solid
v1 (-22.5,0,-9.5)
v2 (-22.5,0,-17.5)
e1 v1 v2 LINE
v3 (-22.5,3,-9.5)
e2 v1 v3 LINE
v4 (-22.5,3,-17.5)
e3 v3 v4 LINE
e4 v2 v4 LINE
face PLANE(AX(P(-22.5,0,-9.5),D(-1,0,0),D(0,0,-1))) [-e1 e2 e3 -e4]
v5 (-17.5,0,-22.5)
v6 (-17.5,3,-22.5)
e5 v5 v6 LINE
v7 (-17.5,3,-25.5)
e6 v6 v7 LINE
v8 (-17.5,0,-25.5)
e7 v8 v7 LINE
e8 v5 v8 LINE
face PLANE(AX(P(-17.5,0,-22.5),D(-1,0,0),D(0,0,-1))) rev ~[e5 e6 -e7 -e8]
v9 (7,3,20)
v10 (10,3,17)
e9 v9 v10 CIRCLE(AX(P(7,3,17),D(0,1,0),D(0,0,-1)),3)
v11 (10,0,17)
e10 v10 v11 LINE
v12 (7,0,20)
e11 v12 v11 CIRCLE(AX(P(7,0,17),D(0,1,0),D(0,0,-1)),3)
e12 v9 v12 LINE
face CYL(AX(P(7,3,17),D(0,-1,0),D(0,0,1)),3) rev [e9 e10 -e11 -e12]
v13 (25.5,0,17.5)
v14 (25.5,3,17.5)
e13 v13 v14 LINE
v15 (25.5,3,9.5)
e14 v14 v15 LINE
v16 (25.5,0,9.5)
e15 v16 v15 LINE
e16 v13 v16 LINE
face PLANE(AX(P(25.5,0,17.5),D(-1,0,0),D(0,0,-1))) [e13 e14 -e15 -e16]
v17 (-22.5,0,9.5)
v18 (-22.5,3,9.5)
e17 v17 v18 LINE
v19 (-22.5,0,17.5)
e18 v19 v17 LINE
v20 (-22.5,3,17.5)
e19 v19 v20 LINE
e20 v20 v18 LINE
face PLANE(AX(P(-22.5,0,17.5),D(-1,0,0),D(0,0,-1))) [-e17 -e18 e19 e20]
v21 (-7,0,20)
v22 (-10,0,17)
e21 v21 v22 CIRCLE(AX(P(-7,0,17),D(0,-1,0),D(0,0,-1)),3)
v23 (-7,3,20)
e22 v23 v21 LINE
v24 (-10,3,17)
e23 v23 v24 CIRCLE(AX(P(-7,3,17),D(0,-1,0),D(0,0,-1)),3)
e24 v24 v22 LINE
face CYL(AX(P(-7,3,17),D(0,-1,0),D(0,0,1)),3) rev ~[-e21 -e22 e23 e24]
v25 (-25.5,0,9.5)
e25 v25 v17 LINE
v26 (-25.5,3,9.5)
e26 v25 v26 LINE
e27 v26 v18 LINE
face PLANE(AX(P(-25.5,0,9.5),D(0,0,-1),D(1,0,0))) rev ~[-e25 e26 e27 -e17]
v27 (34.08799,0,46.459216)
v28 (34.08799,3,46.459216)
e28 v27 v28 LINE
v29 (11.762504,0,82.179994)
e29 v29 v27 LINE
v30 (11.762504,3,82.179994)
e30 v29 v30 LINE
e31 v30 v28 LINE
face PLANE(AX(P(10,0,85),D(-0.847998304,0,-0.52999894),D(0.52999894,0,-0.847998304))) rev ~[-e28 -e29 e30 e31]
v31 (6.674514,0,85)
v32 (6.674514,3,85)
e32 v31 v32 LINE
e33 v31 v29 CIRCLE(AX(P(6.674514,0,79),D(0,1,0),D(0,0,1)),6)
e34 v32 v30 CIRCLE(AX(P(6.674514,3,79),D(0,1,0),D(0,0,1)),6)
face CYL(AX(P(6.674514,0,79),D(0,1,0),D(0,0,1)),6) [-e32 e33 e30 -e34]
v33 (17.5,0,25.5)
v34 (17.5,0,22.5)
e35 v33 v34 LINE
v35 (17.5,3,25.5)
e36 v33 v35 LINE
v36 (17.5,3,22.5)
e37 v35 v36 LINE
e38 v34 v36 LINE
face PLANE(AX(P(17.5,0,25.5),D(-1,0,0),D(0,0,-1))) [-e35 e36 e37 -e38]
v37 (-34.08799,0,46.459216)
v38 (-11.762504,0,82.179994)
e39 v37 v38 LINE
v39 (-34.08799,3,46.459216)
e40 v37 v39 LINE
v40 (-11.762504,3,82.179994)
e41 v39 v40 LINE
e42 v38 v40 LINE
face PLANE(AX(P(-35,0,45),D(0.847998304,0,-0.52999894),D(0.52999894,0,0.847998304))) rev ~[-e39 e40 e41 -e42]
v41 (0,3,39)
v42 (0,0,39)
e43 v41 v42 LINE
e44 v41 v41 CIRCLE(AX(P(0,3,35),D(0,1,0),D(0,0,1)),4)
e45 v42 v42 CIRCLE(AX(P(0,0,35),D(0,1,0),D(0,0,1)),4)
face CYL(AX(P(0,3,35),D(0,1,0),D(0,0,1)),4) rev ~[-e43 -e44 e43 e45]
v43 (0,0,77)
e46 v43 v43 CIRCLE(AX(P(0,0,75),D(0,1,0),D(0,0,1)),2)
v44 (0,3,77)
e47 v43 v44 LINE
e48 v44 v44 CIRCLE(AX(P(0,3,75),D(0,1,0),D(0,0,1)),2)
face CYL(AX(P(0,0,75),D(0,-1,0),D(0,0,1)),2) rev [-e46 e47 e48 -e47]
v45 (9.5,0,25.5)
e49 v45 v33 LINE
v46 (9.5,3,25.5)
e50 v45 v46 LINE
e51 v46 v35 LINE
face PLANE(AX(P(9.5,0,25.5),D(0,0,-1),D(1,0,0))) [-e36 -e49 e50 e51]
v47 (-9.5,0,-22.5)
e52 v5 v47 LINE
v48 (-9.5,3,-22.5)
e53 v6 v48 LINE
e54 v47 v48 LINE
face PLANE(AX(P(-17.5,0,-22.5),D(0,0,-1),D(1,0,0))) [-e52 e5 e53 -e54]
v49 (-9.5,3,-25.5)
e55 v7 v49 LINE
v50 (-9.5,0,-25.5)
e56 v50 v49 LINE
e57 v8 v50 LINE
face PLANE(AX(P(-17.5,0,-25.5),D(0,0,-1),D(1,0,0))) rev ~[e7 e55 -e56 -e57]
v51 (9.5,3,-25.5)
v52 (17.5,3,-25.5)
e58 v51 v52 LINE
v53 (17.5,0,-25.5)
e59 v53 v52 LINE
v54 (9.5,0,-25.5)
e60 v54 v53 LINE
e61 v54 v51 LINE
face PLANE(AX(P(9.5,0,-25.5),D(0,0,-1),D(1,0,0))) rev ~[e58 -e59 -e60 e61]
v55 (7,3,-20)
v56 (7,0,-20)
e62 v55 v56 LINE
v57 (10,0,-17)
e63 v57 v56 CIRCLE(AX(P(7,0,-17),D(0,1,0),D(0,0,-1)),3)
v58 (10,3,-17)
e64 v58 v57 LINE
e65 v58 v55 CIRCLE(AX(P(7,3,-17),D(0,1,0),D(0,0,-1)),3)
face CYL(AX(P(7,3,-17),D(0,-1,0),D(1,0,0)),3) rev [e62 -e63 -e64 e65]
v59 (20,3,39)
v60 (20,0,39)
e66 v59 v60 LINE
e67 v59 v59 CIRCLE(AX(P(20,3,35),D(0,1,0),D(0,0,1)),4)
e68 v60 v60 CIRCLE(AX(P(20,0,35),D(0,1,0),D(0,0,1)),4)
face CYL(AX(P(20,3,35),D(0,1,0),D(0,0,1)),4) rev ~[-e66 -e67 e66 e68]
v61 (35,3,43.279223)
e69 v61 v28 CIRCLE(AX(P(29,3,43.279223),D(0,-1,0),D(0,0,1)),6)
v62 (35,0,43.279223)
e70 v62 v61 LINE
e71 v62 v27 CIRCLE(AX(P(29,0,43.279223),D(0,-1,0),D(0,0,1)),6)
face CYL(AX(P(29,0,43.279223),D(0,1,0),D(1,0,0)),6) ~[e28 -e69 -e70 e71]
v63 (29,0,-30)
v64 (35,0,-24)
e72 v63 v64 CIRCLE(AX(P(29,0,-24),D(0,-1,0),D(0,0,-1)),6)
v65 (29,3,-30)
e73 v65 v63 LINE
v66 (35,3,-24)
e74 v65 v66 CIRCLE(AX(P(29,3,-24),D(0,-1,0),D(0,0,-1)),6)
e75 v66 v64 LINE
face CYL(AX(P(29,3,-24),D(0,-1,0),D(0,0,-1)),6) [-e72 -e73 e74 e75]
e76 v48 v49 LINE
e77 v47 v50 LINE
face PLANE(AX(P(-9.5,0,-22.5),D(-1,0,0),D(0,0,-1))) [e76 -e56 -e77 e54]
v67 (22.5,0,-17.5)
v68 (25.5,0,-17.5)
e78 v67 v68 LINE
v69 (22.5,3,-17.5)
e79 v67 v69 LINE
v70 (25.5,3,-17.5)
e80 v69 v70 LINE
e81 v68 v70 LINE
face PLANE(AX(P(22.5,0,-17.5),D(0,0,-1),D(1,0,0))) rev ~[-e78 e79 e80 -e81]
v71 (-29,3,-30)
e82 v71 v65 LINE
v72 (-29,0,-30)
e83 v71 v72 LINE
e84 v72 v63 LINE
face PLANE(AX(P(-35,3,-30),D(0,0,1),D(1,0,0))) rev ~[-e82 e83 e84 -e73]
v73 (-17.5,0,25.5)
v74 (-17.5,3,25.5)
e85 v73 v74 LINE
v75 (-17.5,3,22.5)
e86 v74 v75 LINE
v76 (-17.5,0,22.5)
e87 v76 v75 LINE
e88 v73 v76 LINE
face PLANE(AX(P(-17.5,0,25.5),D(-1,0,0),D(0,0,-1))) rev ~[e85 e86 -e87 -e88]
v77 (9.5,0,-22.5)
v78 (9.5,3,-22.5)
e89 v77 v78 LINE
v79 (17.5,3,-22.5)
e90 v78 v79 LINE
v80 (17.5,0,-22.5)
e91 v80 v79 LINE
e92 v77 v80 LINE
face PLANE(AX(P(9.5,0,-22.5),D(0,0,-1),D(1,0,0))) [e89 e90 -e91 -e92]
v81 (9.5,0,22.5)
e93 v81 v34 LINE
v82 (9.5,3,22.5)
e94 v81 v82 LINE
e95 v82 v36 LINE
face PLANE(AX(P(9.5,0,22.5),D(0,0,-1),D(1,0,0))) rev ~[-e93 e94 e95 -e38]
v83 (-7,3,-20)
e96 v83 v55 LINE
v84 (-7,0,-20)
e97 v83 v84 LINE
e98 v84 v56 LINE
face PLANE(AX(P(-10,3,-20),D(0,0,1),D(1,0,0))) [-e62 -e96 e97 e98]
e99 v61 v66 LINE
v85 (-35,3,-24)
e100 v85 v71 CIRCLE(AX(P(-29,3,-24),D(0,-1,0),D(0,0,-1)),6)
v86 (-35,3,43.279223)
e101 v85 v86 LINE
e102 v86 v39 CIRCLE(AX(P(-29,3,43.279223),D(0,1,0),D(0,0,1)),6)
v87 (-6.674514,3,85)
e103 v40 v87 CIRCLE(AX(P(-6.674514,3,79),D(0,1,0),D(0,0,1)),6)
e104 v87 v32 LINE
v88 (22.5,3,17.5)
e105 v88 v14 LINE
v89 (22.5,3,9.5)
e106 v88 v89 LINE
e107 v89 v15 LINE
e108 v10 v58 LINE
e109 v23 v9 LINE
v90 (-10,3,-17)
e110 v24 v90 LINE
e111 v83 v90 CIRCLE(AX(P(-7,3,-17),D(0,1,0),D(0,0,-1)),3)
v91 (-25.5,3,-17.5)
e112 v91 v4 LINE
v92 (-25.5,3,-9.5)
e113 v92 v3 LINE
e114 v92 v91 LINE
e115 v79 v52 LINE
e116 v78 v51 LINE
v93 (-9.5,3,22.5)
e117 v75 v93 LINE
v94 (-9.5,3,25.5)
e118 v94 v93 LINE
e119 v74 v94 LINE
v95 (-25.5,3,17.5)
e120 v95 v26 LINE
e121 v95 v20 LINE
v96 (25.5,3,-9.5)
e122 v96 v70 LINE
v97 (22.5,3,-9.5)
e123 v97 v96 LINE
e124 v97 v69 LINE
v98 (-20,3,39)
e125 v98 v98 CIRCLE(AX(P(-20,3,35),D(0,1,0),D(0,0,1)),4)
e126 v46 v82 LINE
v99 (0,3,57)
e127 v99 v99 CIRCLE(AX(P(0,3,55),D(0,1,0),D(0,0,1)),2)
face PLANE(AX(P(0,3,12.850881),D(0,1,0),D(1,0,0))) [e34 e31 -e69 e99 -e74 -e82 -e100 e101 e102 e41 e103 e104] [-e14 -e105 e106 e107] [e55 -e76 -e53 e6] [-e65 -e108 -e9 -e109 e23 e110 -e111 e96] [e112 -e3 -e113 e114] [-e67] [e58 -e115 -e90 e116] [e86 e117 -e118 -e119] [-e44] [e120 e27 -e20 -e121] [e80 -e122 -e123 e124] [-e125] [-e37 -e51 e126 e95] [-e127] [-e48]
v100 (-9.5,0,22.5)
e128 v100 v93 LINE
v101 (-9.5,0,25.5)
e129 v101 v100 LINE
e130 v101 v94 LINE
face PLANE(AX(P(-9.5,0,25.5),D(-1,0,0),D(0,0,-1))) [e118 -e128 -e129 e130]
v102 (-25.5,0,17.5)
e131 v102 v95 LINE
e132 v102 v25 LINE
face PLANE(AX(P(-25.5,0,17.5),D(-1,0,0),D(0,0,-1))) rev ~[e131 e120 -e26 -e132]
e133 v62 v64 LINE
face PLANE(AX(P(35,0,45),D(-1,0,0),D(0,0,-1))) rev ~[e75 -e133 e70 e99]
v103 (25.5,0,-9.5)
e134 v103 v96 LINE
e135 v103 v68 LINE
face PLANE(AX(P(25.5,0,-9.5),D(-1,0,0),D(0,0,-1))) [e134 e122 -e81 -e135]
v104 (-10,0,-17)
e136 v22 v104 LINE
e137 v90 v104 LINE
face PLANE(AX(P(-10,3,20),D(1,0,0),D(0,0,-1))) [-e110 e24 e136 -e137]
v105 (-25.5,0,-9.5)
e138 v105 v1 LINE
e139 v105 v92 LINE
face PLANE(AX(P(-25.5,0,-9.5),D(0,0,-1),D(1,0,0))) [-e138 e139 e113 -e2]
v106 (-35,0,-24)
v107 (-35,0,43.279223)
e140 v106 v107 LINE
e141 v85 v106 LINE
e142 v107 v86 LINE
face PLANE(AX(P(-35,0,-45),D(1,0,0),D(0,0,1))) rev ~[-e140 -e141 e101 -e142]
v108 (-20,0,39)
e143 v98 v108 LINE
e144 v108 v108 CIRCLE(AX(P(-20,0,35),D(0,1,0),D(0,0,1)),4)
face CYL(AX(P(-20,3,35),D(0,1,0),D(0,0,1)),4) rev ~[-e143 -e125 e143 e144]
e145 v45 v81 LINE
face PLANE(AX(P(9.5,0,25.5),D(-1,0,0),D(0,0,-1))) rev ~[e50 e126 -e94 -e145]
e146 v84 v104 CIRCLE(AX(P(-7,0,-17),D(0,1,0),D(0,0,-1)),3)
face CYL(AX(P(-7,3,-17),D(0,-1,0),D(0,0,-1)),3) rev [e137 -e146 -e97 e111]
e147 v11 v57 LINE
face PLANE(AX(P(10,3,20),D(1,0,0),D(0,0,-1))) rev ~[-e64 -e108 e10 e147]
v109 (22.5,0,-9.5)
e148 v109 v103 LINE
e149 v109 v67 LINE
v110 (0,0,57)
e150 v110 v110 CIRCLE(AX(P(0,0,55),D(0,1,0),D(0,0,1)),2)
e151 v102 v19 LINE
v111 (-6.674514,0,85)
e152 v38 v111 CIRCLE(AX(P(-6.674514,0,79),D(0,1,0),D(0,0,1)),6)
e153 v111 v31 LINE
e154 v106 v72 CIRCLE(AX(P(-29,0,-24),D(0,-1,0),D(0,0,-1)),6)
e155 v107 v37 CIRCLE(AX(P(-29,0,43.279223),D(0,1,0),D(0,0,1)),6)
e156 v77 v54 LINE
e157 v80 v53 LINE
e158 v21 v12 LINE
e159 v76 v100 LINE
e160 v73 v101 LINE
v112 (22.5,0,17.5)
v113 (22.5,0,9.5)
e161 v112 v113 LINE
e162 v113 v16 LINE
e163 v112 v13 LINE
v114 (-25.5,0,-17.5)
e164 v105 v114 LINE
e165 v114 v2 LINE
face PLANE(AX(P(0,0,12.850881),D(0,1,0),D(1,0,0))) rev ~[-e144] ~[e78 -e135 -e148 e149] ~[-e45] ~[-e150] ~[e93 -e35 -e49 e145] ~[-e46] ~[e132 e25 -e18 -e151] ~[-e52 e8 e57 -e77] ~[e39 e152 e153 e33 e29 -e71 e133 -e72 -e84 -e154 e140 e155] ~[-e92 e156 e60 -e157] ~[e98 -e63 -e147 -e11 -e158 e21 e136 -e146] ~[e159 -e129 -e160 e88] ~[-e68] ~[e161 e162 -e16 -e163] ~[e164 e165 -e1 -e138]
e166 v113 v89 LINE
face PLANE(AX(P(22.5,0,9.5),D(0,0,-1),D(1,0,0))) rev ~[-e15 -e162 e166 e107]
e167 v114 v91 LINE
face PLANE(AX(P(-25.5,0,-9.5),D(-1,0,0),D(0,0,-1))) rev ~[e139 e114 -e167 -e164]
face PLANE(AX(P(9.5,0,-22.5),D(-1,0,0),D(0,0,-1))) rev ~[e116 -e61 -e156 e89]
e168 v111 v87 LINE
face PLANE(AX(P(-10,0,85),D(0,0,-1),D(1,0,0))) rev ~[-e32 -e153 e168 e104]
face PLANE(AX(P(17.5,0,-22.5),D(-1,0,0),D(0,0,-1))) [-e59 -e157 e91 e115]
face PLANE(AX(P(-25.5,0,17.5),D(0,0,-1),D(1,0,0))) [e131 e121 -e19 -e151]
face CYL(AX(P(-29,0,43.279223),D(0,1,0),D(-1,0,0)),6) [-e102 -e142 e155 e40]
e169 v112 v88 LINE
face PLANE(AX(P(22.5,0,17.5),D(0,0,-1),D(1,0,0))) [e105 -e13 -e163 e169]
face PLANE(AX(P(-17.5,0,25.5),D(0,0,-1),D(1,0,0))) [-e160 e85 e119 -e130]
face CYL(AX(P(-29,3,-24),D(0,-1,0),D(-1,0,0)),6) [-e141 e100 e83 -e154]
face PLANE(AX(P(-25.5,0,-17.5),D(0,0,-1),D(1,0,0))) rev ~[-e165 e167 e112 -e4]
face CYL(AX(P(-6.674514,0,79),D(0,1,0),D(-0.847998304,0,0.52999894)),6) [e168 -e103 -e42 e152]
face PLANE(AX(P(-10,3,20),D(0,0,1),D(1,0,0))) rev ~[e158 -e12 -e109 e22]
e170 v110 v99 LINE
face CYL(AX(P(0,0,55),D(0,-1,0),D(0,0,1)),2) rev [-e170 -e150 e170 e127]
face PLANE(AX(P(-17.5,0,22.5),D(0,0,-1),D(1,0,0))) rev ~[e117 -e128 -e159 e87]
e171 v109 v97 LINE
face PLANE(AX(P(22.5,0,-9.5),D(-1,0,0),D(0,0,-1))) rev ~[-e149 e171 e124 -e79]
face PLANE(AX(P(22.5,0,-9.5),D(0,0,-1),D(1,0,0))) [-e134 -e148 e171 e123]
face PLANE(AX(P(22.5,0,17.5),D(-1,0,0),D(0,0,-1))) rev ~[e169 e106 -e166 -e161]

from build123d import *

# Parameters (mm, degrees)
SKETCH_1_R          = 2
SKETCH_1_W          = 3
SKETCH_1_H          = 8
SKETCH_1_W_2        = 8
SKETCH_1_H_2        = 3
EXTRUDE_1_DEPTH     = 3
SKETCH_2_R          = 4
CUT_EXTRUDE_1_DEPTH = 10
SKETCH_3_W          = 70
SKETCH_3_H          = 15
CUT_EXTRUDE_2_DEPTH = 10
SKETCH_4_W          = 20
SKETCH_4_H          = 40
CUT_EXTRUDE_3_DEPTH = 10
FILLET_1_R          = 3
FILLET_2_R          = 6


with BuildPart() as part:
    # 草图1 → 凸台-拉伸1 (new body)
    with BuildSketch(Plane(origin=(0, 0, 0), x_dir=(1, 0, 0), z_dir=(0, 1, 0))):
        Polygon((-35, -45), (-10, -85), (10, -85), (35, -45), (35, 45), (-35, 45), align=None)
        with Locations(Location((0, -55, 0), (0, 0, 270))):
            Circle(SKETCH_1_R, mode=Mode.SUBTRACT)
        with Locations(Location((0, -75, 0), (0, 0, 270))):
            Circle(SKETCH_1_R, mode=Mode.SUBTRACT)
        with Locations((-24, 13.5)):
            Rectangle(SKETCH_1_W, SKETCH_1_H, mode=Mode.SUBTRACT)
        with Locations((-24, -13.5)):
            Rectangle(SKETCH_1_W, SKETCH_1_H, mode=Mode.SUBTRACT)
        with Locations((13.5, 24)):
            Rectangle(SKETCH_1_W_2, SKETCH_1_H_2, mode=Mode.SUBTRACT)
        with Locations((-13.5, 24)):
            Rectangle(SKETCH_1_W_2, SKETCH_1_H_2, mode=Mode.SUBTRACT)
        with Locations((-13.5, -24)):
            Rectangle(SKETCH_1_W_2, SKETCH_1_H_2, mode=Mode.SUBTRACT)
        with Locations((13.5, -24)):
            Rectangle(SKETCH_1_W_2, SKETCH_1_H_2, mode=Mode.SUBTRACT)
        with Locations((24, 13.5)):
            Rectangle(SKETCH_1_W, SKETCH_1_H, mode=Mode.SUBTRACT)
        with Locations((24, -13.5)):
            Rectangle(SKETCH_1_W, SKETCH_1_H, mode=Mode.SUBTRACT)
    extrude(amount=EXTRUDE_1_DEPTH)

    # 草图2 → 切除-拉伸1 (cut)
    with BuildSketch(Plane(origin=(0, 3, 0), x_dir=(1, 0, 0), z_dir=(0, 1, 0))):
        with Locations(Location((0, -35, 0), (0, 0, 270))):
            Circle(SKETCH_2_R)
        with Locations(Location((-20, -35, 0), (0, 0, 270))):
            Circle(SKETCH_2_R)
        with Locations(Location((20, -35, 0), (0, 0, 270))):
            Circle(SKETCH_2_R)
    extrude(amount=-CUT_EXTRUDE_1_DEPTH, mode=Mode.SUBTRACT)

    # 草图3 → 切除-拉伸2 (cut)
    with BuildSketch(Plane(origin=(0, 3, 0), x_dir=(1, 0, 0), z_dir=(0, 1, 0))):
        with Locations((0, 37.5)):
            Rectangle(SKETCH_3_W, SKETCH_3_H)
    extrude(amount=-CUT_EXTRUDE_2_DEPTH, mode=Mode.SUBTRACT)

    # 草图4 → 切除-拉伸3 (cut)
    with BuildSketch(Plane(origin=(0, 3, 0), x_dir=(1, 0, 0), z_dir=(0, 1, 0))):
        Rectangle(SKETCH_4_W, SKETCH_4_H)
    extrude(amount=-CUT_EXTRUDE_3_DEPTH, mode=Mode.SUBTRACT)

    # 圆角1
    fillet_1_edges = [part.edges().sort_by_distance(p)[0] for p in [
        (10, 1.5, -20),
        (10, 1.5, 20),
        (-10, 1.5, 20),
        (-10, 1.5, -20),
    ]]
    fillet(fillet_1_edges, radius=FILLET_1_R)

    # 圆角2
    fillet_2_edges = [part.edges().sort_by_distance(p)[0] for p in [
        (-35, 1.5, -30),
        (35, 1.5, -30),
        (-10, 1.5, 85),
        (-35, 1.5, 45),
        (35, 1.5, 45),
        (10, 1.5, 85),
    ]]
    fillet(fillet_2_edges, radius=FILLET_2_R)


solid = part.part
